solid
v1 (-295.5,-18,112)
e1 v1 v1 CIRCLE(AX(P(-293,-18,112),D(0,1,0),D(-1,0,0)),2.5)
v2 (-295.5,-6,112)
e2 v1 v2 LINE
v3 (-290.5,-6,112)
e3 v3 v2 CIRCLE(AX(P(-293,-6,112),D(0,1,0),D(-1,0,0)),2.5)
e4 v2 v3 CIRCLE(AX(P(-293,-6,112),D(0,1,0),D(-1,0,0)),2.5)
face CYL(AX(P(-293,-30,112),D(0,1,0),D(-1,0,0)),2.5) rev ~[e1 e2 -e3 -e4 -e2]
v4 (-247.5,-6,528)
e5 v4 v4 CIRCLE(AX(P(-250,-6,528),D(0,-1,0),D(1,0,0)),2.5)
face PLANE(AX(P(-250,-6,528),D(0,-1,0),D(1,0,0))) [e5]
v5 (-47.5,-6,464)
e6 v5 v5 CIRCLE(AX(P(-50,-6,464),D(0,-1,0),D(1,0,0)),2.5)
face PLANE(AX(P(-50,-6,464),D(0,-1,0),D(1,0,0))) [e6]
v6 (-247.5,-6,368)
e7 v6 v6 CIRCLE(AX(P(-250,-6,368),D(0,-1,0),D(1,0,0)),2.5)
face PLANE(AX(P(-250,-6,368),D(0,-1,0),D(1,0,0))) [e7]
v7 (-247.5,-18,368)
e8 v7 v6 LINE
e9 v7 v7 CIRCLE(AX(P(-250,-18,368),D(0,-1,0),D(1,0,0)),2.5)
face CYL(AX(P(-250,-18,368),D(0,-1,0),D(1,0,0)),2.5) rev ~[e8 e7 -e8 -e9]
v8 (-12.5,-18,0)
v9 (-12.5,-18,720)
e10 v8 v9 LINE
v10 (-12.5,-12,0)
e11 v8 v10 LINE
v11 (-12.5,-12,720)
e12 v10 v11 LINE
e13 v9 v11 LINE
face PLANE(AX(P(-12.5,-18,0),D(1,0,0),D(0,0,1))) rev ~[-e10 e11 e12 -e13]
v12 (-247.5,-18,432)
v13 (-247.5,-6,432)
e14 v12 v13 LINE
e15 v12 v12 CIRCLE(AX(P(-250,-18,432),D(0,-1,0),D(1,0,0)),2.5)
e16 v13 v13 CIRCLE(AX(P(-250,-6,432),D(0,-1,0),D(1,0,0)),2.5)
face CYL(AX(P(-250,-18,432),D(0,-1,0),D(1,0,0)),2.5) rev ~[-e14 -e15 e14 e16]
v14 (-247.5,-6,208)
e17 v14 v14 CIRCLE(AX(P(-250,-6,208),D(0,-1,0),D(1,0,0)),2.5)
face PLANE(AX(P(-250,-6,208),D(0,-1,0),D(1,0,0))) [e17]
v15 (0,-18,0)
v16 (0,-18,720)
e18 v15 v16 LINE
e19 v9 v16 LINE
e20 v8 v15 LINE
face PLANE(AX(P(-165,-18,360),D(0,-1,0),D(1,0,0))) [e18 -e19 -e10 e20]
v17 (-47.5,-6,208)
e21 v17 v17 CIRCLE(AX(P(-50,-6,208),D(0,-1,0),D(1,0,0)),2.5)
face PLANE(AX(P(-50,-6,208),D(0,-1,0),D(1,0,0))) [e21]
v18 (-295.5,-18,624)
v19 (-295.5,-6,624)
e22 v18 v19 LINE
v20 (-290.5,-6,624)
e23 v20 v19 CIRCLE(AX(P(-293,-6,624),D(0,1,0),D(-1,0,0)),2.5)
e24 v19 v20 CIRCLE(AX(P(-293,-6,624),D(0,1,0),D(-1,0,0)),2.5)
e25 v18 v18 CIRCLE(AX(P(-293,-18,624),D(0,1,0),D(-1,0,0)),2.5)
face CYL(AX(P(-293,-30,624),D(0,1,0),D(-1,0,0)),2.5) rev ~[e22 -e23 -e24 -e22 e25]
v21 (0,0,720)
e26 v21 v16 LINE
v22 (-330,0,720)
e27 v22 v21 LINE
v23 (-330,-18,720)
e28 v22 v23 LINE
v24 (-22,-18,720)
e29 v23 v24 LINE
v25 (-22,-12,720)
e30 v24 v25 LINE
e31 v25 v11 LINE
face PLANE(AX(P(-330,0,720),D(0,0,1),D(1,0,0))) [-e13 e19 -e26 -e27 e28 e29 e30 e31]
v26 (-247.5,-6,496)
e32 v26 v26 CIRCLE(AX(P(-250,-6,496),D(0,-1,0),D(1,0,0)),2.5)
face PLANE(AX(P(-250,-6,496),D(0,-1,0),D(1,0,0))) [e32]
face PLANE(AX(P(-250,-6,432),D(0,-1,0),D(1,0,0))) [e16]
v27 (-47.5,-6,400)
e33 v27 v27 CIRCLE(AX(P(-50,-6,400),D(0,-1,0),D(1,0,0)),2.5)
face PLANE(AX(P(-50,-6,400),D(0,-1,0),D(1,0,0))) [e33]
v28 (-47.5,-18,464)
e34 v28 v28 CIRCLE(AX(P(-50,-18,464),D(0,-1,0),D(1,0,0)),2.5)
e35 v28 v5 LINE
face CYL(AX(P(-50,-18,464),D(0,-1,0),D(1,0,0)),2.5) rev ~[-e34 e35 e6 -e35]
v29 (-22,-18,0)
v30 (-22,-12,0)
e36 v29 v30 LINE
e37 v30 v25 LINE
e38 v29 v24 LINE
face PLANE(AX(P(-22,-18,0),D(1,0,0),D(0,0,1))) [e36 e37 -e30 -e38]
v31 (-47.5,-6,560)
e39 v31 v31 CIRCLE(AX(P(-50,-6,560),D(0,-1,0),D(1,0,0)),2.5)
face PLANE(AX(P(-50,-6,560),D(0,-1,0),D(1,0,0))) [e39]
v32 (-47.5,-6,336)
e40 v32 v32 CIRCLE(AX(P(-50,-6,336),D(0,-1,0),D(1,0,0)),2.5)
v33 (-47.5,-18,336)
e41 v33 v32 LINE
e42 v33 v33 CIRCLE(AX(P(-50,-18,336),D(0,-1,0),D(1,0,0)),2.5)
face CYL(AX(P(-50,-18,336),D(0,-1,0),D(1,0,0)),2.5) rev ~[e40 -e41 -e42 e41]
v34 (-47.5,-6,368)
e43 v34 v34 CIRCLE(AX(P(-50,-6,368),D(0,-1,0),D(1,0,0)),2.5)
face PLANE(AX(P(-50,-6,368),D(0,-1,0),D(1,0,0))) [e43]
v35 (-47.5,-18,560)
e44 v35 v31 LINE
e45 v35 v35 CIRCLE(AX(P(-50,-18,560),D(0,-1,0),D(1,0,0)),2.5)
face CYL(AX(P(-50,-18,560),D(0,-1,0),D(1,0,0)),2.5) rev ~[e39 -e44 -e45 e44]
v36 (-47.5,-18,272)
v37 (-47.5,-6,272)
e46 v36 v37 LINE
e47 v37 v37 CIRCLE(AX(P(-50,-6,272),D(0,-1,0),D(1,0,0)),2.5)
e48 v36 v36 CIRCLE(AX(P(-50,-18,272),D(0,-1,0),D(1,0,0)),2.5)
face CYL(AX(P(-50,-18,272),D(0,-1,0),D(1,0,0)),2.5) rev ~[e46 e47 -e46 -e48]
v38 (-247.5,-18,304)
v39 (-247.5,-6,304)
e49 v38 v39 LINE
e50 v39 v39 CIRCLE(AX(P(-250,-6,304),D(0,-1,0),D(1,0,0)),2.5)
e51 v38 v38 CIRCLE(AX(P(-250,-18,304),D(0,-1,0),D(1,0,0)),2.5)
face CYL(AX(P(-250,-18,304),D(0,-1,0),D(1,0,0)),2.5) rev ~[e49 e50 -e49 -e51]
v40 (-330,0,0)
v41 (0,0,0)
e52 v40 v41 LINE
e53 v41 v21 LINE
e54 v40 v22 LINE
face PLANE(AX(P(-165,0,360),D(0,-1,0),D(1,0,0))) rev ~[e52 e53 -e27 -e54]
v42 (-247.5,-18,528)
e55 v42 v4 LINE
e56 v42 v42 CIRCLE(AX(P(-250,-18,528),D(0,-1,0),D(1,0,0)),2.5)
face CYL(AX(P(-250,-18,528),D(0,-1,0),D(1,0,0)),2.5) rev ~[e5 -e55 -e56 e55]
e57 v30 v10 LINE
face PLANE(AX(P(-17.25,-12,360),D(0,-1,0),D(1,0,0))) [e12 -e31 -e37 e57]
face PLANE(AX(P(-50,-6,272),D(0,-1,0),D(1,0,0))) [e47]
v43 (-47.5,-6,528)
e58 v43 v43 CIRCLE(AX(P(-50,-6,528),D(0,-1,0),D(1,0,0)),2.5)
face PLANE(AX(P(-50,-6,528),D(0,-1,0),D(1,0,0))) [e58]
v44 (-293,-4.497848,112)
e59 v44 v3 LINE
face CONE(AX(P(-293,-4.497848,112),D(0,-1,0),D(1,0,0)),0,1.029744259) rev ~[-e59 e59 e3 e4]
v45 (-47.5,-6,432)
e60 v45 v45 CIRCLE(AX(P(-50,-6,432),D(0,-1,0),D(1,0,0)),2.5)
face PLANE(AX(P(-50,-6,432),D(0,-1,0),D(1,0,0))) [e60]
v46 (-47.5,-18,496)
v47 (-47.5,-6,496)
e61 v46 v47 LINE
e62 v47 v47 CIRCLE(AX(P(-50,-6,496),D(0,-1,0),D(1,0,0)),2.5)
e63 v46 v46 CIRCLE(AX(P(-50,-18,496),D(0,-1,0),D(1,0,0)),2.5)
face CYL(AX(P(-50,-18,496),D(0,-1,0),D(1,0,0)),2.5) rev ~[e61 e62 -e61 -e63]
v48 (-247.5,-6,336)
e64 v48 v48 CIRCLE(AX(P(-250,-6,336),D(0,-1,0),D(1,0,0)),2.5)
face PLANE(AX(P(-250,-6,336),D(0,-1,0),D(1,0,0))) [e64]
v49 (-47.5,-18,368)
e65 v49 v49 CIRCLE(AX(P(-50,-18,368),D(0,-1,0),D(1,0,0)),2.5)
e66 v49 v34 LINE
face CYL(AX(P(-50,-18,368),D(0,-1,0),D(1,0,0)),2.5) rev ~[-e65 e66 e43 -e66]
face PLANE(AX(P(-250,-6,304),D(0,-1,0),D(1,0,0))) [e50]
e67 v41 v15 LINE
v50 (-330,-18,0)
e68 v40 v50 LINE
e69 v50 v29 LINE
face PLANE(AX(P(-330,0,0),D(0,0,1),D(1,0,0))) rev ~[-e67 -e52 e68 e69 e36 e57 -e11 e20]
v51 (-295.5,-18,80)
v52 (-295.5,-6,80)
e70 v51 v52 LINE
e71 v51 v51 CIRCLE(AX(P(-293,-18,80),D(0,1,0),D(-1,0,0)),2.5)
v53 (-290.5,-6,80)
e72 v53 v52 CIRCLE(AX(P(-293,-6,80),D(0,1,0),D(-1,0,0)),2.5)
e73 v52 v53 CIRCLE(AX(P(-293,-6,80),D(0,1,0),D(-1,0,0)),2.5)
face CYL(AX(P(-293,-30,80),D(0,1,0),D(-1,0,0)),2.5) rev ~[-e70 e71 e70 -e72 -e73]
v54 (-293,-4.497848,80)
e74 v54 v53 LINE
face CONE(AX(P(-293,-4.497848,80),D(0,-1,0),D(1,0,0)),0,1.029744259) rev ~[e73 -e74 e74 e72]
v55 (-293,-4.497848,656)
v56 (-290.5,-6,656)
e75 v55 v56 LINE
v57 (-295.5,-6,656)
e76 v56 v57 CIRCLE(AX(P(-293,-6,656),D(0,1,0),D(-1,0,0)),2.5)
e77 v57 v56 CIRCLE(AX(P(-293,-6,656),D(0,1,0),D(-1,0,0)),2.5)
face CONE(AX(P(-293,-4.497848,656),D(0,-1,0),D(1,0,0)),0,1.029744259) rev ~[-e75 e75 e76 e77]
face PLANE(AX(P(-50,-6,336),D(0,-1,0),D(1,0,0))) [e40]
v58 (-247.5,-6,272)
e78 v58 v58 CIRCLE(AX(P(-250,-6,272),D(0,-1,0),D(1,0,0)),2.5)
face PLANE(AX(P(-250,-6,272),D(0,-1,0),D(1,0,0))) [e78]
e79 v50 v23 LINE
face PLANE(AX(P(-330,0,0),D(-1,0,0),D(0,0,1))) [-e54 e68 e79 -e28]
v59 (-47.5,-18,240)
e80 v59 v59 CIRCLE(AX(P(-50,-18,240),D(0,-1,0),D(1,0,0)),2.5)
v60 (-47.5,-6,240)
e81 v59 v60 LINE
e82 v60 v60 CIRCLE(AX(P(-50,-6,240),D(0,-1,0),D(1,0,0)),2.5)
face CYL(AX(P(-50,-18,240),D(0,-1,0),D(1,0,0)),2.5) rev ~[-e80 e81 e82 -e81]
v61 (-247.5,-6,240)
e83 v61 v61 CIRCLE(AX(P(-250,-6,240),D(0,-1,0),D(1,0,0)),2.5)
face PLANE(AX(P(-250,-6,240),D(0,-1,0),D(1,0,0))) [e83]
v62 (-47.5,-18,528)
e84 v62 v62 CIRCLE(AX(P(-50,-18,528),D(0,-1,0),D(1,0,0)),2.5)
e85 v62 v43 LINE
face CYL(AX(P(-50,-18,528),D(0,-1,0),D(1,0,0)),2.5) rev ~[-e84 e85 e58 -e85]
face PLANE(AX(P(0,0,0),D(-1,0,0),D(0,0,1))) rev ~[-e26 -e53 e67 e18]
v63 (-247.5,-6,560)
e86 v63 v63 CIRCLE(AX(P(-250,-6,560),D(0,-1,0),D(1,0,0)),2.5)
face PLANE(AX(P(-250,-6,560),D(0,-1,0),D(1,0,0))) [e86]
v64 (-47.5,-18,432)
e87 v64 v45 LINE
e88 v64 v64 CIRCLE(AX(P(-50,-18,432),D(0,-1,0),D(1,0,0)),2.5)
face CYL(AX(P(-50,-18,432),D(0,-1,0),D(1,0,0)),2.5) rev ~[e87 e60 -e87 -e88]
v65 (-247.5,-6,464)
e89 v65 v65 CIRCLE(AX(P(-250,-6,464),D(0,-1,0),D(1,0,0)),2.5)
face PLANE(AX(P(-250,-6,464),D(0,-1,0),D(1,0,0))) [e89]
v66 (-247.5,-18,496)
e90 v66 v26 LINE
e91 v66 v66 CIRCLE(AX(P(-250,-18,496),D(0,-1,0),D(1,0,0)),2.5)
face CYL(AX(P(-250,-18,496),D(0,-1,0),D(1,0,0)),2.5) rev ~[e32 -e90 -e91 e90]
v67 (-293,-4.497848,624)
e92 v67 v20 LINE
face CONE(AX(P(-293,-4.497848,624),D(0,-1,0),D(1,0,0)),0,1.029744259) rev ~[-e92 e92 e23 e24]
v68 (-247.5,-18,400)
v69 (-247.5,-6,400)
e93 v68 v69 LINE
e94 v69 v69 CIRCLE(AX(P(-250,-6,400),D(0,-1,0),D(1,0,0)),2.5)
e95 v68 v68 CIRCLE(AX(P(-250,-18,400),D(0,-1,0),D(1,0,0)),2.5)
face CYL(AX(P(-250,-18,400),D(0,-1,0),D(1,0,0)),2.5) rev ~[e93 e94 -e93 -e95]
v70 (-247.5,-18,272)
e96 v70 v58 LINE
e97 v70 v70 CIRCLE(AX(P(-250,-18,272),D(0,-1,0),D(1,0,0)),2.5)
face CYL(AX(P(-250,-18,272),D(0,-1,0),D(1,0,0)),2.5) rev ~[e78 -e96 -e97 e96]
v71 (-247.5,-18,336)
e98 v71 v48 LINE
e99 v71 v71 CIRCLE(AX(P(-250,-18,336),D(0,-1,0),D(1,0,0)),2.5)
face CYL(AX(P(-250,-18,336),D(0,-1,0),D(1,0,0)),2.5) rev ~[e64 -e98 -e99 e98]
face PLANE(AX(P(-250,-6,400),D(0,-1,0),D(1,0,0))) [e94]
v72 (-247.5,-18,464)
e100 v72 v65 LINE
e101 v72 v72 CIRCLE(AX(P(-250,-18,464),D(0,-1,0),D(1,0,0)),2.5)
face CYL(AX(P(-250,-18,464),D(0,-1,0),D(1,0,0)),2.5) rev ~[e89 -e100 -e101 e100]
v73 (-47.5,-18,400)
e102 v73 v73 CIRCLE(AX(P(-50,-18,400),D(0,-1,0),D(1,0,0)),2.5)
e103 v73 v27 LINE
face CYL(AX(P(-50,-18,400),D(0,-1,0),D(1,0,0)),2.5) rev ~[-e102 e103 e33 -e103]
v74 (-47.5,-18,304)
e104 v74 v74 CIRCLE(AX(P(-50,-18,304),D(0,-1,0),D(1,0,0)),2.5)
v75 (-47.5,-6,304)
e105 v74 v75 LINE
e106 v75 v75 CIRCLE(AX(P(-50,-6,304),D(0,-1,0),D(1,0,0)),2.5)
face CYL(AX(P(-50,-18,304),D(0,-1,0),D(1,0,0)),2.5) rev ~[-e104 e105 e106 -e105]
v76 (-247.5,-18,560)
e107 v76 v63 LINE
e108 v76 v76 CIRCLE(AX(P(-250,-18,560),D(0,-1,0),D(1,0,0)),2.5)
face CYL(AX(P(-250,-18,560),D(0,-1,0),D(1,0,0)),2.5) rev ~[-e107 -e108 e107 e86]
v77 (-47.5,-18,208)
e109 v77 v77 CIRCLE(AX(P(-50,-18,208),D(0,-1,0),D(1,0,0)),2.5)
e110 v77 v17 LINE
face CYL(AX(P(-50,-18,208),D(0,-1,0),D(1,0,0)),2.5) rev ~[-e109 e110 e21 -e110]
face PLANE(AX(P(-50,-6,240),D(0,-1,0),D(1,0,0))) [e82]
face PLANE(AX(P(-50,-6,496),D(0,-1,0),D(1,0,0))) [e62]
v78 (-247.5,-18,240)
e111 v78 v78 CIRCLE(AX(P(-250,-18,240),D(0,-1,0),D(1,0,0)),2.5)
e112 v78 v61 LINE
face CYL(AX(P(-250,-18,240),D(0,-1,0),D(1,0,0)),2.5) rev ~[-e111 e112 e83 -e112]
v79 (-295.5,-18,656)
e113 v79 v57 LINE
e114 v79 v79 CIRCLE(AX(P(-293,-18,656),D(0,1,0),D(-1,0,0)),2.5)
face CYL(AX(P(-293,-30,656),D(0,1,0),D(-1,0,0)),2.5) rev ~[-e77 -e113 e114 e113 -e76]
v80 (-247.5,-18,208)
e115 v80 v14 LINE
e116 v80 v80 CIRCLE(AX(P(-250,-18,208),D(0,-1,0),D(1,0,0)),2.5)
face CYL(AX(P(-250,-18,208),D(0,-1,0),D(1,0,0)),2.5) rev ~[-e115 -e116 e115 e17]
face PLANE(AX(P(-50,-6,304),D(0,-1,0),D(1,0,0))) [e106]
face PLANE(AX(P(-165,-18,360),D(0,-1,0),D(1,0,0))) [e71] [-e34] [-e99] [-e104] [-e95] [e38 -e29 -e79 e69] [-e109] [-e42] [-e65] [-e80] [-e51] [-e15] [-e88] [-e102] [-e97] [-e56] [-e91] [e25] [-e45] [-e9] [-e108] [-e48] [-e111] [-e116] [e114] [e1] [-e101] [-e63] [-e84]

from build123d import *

# Parameters (mm, degrees)
F0_W     = 330
F0_H     = 720
F1_DEPTH = 18
F3_D     = 5
F3_DEPTH = 12
F3_TIP   = 1.5021515476
F4_W     = 9.5
F4_H     = 720
F5_DEPTH = 6
F6_R     = 2.5
F7_DEPTH = 12


with BuildPart() as f1:
    # F0 (on Front) → F1 (new body)
    with BuildSketch(Plane.XZ):
        with Locations((-165, 360)):
            Rectangle(F0_W, F0_H)
    extrude(amount=F1_DEPTH)

    # F3
    with Locations(Plane.XZ.offset(18)):
        with Locations((-293, 656), (-293, 624), (-293, 112), (-293, 80)):
            Hole(F3_D / 2, depth=F3_DEPTH)
            with Locations((0, 0, -(F3_DEPTH + F3_TIP / 2))):  # 118° drill point
                Cone(0, F3_D / 2, F3_TIP, mode=Mode.SUBTRACT)

    # F4 (on face) → F5 (cut)
    with BuildSketch(Plane.XZ.offset(18)):
        with Locations((-17.25, 360)):
            Rectangle(F4_W, F4_H)
    extrude(amount=-F5_DEPTH, mode=Mode.SUBTRACT)

    # F6 (on face) → F7 (cut)
    with BuildSketch(Plane.XZ.offset(18)):
        with Locations((-250, 208)):
            Circle(F6_R)
        with Locations((-250, 240)):
            Circle(F6_R)
        with Locations((-250, 272)):
            Circle(F6_R)
        with Locations((-250, 304)):
            Circle(F6_R)
        with Locations((-250, 336)):
            Circle(F6_R)
        with Locations((-250, 368)):
            Circle(F6_R)
        with Locations((-250, 400)):
            Circle(F6_R)
        with Locations((-250, 432)):
            Circle(F6_R)
        with Locations((-250, 464)):
            Circle(F6_R)
        with Locations((-250, 496)):
            Circle(F6_R)
        with Locations((-250, 528)):
            Circle(F6_R)
        with Locations((-250, 560)):
            Circle(F6_R)
        with Locations((-50, 208)):
            Circle(F6_R)
        with Locations((-50, 240)):
            Circle(F6_R)
        with Locations((-50, 272)):
            Circle(F6_R)
        with Locations((-50, 304)):
            Circle(F6_R)
        with Locations((-50, 336)):
            Circle(F6_R)
        with Locations((-50, 368)):
            Circle(F6_R)
        with Locations((-50, 400)):
            Circle(F6_R)
        with Locations((-50, 432)):
            Circle(F6_R)
        with Locations((-50, 464)):
            Circle(F6_R)
        with Locations((-50, 496)):
            Circle(F6_R)
        with Locations((-50, 528)):
            Circle(F6_R)
        with Locations((-50, 560)):
            Circle(F6_R)
    extrude(amount=-F7_DEPTH, mode=Mode.SUBTRACT)


solid = f1.part
